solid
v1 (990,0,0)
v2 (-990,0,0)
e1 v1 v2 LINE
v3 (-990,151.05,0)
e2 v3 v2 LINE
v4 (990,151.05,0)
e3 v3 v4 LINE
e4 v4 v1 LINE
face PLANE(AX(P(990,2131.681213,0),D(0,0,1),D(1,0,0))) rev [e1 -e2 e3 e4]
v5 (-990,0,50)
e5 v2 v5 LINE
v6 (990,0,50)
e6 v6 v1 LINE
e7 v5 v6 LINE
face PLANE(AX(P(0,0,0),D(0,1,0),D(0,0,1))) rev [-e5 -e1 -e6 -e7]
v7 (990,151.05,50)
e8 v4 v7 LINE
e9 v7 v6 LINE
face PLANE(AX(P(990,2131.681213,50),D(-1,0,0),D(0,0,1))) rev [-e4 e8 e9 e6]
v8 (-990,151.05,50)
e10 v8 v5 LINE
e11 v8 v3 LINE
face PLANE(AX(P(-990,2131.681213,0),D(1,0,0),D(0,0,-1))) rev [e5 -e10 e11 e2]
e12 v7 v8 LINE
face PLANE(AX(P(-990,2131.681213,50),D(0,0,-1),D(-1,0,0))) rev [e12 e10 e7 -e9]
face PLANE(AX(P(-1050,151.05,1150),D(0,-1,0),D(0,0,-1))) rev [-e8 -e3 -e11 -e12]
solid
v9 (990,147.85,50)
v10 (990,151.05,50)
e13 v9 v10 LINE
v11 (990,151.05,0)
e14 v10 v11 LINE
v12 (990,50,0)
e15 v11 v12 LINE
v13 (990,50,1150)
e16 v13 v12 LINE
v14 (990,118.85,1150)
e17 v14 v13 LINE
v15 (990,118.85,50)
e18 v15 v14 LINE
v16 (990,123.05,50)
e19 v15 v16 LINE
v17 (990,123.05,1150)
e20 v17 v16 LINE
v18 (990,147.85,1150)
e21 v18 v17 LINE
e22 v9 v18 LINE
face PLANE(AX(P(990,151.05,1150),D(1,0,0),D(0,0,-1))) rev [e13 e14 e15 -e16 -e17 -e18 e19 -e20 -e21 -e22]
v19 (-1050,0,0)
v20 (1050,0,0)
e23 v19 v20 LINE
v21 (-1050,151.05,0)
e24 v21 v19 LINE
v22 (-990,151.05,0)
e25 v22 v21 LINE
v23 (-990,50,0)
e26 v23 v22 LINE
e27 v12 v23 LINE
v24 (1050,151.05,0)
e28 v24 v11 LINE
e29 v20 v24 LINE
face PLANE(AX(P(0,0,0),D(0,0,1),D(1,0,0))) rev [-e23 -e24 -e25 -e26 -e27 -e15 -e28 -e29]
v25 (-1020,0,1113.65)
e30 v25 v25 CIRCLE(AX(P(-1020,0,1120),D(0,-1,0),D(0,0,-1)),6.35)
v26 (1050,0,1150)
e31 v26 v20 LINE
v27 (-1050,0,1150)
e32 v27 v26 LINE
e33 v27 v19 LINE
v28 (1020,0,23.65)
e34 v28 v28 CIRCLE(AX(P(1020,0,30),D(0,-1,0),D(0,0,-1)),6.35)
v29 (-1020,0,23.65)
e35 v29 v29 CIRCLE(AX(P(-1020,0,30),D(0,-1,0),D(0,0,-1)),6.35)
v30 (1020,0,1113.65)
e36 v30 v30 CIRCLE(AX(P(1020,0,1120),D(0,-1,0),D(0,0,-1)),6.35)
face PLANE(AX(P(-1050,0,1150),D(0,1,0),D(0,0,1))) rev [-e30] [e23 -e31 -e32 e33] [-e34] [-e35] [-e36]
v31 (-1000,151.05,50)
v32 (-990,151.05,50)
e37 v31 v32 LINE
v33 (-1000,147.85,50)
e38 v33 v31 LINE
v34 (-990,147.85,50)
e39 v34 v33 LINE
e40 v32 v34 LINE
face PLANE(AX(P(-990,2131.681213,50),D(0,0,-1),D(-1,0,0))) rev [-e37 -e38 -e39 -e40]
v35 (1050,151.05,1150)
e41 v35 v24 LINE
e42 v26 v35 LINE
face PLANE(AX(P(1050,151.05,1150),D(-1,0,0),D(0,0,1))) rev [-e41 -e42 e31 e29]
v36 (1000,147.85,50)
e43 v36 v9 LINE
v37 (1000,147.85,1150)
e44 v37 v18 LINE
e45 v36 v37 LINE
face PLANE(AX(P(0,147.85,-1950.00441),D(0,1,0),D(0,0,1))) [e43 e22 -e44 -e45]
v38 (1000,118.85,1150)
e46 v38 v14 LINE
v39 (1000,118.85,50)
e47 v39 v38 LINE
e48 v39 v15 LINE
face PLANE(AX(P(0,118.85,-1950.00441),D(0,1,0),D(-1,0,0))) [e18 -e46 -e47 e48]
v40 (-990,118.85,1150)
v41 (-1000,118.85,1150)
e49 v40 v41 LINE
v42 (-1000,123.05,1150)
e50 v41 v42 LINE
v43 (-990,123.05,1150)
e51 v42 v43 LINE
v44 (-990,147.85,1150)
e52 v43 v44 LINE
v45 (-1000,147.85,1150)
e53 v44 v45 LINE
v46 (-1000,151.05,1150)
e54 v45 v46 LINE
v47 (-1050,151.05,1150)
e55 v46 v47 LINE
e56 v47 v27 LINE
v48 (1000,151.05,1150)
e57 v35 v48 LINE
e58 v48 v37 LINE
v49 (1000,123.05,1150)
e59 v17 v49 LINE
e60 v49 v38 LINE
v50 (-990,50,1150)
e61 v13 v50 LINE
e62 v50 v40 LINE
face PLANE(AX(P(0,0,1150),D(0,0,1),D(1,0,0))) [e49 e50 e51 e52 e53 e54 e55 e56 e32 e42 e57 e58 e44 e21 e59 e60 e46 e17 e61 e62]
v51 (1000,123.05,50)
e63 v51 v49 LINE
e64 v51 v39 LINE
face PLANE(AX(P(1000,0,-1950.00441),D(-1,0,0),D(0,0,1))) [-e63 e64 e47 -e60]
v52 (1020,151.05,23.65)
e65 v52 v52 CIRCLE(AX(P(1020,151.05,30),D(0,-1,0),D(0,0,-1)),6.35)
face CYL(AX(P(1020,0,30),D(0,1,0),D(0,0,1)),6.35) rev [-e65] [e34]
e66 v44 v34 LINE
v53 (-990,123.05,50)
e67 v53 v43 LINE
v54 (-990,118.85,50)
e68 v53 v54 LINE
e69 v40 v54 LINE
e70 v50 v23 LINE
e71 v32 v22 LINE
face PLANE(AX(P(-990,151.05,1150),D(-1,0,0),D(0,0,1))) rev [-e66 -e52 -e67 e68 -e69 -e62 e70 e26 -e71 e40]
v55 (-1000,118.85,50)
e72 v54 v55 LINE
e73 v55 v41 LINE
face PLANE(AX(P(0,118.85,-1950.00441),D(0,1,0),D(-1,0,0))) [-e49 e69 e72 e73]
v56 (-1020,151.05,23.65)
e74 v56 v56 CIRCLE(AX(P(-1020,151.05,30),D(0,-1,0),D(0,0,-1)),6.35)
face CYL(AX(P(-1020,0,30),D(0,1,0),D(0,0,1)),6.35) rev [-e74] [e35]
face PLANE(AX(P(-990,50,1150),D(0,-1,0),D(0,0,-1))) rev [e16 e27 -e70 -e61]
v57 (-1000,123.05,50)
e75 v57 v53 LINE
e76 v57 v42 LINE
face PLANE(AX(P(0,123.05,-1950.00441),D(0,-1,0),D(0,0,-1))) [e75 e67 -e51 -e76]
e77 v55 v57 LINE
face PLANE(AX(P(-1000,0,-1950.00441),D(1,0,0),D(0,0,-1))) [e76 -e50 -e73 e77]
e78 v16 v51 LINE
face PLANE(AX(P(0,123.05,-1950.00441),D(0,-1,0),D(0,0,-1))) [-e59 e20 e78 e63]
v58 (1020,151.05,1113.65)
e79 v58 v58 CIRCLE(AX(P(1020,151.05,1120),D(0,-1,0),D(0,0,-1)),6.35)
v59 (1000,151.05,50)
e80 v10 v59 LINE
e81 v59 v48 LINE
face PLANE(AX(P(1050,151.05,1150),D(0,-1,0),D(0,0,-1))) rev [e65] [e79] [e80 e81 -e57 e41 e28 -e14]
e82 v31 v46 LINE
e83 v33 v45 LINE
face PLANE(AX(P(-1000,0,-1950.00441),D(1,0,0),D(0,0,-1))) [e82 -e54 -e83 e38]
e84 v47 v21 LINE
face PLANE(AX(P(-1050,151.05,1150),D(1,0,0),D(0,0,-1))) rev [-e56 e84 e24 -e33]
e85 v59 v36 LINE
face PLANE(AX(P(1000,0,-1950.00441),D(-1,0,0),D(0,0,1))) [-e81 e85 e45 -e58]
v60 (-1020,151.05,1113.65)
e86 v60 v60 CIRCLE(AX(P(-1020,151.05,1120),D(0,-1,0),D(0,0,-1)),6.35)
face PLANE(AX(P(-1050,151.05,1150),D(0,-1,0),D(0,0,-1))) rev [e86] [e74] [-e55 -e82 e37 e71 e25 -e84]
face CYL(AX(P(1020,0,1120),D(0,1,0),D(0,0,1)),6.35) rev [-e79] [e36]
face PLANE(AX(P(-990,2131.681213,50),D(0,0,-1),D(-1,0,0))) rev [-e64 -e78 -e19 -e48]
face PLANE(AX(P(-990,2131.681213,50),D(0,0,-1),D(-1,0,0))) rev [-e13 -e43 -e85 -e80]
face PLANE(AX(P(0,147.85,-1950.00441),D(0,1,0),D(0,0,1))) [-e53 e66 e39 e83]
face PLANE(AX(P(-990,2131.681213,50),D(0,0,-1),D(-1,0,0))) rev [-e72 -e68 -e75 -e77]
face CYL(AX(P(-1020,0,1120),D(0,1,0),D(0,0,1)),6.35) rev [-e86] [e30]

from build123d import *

# Parameters (mm, degrees)
BOSS_EXTRUDE1_DEPTH = 1150
SKETCH4_W           = 1980
SKETCH4_H           = 50
BOSS_EXTRUDE2_DEPTH = 151.05
CUT_EXTRUDE2_START  = 1150
SKETCH6_W           = 2000
SKETCH6_H           = 3.2
SKETCH6_H_2         = 4.2
CUT_EXTRUDE2_DEPTH  = 1100
CUT_EXTRUDE3_START  = 151.05
SKETCH7_R           = 6.35
CUT_EXTRUDE3_DEPTH  = 1716.599808252


with BuildPart() as part:
    # Sketch3 → Boss-Extrude1 (new body)
    with BuildSketch(Plane.XY):
        Polygon((-990, 50), (990, 50), (990, 151.05), (1050, 151.05), (1050, 0), (-1050, 0), (-1050, 151.05), (-990, 151.05), align=None)
    extrude(amount=BOSS_EXTRUDE1_DEPTH)

    # Sketch6 → Cut-Extrude2 (cut)
    with BuildSketch(Plane.XY.offset(CUT_EXTRUDE2_START)):
        with Locations((0, 149.45)):
            Rectangle(SKETCH6_W, SKETCH6_H)
        with Locations((0, 120.95)):
            Rectangle(SKETCH6_W, SKETCH6_H_2)
    extrude(amount=-CUT_EXTRUDE2_DEPTH, mode=Mode.SUBTRACT)

    # Sketch7 → Cut-Extrude3 (cut, through all)
    with BuildSketch(Plane(origin=(0, 0, 0), x_dir=(1, 0, 0), z_dir=(0, 1, 0)).offset(CUT_EXTRUDE3_START)):
        with Locations(Location((1020, -30, 0), (0, 0, 90))):
            Circle(SKETCH7_R)
        with Locations(Location((-1020, -30, 0), (0, 0, 90))):
            Circle(SKETCH7_R)
        with Locations(Location((-1020, -1120, 0), (0, 0, 90))):
            Circle(SKETCH7_R)
        with Locations(Location((1020, -1120, 0), (0, 0, 90))):
            Circle(SKETCH7_R)
    extrude(amount=-CUT_EXTRUDE3_DEPTH, mode=Mode.SUBTRACT)


with BuildPart() as body_2:
    # Sketch4 → Boss-Extrude2 (new body)
    with BuildSketch(Plane(origin=(0, 0, 0), x_dir=(1, 0, 0), z_dir=(0, 1, 0))):
        with Locations((0, -25)):
            Rectangle(SKETCH4_W, SKETCH4_H)
    extrude(amount=BOSS_EXTRUDE2_DEPTH)


solid = Compound([part.part, body_2.part])
